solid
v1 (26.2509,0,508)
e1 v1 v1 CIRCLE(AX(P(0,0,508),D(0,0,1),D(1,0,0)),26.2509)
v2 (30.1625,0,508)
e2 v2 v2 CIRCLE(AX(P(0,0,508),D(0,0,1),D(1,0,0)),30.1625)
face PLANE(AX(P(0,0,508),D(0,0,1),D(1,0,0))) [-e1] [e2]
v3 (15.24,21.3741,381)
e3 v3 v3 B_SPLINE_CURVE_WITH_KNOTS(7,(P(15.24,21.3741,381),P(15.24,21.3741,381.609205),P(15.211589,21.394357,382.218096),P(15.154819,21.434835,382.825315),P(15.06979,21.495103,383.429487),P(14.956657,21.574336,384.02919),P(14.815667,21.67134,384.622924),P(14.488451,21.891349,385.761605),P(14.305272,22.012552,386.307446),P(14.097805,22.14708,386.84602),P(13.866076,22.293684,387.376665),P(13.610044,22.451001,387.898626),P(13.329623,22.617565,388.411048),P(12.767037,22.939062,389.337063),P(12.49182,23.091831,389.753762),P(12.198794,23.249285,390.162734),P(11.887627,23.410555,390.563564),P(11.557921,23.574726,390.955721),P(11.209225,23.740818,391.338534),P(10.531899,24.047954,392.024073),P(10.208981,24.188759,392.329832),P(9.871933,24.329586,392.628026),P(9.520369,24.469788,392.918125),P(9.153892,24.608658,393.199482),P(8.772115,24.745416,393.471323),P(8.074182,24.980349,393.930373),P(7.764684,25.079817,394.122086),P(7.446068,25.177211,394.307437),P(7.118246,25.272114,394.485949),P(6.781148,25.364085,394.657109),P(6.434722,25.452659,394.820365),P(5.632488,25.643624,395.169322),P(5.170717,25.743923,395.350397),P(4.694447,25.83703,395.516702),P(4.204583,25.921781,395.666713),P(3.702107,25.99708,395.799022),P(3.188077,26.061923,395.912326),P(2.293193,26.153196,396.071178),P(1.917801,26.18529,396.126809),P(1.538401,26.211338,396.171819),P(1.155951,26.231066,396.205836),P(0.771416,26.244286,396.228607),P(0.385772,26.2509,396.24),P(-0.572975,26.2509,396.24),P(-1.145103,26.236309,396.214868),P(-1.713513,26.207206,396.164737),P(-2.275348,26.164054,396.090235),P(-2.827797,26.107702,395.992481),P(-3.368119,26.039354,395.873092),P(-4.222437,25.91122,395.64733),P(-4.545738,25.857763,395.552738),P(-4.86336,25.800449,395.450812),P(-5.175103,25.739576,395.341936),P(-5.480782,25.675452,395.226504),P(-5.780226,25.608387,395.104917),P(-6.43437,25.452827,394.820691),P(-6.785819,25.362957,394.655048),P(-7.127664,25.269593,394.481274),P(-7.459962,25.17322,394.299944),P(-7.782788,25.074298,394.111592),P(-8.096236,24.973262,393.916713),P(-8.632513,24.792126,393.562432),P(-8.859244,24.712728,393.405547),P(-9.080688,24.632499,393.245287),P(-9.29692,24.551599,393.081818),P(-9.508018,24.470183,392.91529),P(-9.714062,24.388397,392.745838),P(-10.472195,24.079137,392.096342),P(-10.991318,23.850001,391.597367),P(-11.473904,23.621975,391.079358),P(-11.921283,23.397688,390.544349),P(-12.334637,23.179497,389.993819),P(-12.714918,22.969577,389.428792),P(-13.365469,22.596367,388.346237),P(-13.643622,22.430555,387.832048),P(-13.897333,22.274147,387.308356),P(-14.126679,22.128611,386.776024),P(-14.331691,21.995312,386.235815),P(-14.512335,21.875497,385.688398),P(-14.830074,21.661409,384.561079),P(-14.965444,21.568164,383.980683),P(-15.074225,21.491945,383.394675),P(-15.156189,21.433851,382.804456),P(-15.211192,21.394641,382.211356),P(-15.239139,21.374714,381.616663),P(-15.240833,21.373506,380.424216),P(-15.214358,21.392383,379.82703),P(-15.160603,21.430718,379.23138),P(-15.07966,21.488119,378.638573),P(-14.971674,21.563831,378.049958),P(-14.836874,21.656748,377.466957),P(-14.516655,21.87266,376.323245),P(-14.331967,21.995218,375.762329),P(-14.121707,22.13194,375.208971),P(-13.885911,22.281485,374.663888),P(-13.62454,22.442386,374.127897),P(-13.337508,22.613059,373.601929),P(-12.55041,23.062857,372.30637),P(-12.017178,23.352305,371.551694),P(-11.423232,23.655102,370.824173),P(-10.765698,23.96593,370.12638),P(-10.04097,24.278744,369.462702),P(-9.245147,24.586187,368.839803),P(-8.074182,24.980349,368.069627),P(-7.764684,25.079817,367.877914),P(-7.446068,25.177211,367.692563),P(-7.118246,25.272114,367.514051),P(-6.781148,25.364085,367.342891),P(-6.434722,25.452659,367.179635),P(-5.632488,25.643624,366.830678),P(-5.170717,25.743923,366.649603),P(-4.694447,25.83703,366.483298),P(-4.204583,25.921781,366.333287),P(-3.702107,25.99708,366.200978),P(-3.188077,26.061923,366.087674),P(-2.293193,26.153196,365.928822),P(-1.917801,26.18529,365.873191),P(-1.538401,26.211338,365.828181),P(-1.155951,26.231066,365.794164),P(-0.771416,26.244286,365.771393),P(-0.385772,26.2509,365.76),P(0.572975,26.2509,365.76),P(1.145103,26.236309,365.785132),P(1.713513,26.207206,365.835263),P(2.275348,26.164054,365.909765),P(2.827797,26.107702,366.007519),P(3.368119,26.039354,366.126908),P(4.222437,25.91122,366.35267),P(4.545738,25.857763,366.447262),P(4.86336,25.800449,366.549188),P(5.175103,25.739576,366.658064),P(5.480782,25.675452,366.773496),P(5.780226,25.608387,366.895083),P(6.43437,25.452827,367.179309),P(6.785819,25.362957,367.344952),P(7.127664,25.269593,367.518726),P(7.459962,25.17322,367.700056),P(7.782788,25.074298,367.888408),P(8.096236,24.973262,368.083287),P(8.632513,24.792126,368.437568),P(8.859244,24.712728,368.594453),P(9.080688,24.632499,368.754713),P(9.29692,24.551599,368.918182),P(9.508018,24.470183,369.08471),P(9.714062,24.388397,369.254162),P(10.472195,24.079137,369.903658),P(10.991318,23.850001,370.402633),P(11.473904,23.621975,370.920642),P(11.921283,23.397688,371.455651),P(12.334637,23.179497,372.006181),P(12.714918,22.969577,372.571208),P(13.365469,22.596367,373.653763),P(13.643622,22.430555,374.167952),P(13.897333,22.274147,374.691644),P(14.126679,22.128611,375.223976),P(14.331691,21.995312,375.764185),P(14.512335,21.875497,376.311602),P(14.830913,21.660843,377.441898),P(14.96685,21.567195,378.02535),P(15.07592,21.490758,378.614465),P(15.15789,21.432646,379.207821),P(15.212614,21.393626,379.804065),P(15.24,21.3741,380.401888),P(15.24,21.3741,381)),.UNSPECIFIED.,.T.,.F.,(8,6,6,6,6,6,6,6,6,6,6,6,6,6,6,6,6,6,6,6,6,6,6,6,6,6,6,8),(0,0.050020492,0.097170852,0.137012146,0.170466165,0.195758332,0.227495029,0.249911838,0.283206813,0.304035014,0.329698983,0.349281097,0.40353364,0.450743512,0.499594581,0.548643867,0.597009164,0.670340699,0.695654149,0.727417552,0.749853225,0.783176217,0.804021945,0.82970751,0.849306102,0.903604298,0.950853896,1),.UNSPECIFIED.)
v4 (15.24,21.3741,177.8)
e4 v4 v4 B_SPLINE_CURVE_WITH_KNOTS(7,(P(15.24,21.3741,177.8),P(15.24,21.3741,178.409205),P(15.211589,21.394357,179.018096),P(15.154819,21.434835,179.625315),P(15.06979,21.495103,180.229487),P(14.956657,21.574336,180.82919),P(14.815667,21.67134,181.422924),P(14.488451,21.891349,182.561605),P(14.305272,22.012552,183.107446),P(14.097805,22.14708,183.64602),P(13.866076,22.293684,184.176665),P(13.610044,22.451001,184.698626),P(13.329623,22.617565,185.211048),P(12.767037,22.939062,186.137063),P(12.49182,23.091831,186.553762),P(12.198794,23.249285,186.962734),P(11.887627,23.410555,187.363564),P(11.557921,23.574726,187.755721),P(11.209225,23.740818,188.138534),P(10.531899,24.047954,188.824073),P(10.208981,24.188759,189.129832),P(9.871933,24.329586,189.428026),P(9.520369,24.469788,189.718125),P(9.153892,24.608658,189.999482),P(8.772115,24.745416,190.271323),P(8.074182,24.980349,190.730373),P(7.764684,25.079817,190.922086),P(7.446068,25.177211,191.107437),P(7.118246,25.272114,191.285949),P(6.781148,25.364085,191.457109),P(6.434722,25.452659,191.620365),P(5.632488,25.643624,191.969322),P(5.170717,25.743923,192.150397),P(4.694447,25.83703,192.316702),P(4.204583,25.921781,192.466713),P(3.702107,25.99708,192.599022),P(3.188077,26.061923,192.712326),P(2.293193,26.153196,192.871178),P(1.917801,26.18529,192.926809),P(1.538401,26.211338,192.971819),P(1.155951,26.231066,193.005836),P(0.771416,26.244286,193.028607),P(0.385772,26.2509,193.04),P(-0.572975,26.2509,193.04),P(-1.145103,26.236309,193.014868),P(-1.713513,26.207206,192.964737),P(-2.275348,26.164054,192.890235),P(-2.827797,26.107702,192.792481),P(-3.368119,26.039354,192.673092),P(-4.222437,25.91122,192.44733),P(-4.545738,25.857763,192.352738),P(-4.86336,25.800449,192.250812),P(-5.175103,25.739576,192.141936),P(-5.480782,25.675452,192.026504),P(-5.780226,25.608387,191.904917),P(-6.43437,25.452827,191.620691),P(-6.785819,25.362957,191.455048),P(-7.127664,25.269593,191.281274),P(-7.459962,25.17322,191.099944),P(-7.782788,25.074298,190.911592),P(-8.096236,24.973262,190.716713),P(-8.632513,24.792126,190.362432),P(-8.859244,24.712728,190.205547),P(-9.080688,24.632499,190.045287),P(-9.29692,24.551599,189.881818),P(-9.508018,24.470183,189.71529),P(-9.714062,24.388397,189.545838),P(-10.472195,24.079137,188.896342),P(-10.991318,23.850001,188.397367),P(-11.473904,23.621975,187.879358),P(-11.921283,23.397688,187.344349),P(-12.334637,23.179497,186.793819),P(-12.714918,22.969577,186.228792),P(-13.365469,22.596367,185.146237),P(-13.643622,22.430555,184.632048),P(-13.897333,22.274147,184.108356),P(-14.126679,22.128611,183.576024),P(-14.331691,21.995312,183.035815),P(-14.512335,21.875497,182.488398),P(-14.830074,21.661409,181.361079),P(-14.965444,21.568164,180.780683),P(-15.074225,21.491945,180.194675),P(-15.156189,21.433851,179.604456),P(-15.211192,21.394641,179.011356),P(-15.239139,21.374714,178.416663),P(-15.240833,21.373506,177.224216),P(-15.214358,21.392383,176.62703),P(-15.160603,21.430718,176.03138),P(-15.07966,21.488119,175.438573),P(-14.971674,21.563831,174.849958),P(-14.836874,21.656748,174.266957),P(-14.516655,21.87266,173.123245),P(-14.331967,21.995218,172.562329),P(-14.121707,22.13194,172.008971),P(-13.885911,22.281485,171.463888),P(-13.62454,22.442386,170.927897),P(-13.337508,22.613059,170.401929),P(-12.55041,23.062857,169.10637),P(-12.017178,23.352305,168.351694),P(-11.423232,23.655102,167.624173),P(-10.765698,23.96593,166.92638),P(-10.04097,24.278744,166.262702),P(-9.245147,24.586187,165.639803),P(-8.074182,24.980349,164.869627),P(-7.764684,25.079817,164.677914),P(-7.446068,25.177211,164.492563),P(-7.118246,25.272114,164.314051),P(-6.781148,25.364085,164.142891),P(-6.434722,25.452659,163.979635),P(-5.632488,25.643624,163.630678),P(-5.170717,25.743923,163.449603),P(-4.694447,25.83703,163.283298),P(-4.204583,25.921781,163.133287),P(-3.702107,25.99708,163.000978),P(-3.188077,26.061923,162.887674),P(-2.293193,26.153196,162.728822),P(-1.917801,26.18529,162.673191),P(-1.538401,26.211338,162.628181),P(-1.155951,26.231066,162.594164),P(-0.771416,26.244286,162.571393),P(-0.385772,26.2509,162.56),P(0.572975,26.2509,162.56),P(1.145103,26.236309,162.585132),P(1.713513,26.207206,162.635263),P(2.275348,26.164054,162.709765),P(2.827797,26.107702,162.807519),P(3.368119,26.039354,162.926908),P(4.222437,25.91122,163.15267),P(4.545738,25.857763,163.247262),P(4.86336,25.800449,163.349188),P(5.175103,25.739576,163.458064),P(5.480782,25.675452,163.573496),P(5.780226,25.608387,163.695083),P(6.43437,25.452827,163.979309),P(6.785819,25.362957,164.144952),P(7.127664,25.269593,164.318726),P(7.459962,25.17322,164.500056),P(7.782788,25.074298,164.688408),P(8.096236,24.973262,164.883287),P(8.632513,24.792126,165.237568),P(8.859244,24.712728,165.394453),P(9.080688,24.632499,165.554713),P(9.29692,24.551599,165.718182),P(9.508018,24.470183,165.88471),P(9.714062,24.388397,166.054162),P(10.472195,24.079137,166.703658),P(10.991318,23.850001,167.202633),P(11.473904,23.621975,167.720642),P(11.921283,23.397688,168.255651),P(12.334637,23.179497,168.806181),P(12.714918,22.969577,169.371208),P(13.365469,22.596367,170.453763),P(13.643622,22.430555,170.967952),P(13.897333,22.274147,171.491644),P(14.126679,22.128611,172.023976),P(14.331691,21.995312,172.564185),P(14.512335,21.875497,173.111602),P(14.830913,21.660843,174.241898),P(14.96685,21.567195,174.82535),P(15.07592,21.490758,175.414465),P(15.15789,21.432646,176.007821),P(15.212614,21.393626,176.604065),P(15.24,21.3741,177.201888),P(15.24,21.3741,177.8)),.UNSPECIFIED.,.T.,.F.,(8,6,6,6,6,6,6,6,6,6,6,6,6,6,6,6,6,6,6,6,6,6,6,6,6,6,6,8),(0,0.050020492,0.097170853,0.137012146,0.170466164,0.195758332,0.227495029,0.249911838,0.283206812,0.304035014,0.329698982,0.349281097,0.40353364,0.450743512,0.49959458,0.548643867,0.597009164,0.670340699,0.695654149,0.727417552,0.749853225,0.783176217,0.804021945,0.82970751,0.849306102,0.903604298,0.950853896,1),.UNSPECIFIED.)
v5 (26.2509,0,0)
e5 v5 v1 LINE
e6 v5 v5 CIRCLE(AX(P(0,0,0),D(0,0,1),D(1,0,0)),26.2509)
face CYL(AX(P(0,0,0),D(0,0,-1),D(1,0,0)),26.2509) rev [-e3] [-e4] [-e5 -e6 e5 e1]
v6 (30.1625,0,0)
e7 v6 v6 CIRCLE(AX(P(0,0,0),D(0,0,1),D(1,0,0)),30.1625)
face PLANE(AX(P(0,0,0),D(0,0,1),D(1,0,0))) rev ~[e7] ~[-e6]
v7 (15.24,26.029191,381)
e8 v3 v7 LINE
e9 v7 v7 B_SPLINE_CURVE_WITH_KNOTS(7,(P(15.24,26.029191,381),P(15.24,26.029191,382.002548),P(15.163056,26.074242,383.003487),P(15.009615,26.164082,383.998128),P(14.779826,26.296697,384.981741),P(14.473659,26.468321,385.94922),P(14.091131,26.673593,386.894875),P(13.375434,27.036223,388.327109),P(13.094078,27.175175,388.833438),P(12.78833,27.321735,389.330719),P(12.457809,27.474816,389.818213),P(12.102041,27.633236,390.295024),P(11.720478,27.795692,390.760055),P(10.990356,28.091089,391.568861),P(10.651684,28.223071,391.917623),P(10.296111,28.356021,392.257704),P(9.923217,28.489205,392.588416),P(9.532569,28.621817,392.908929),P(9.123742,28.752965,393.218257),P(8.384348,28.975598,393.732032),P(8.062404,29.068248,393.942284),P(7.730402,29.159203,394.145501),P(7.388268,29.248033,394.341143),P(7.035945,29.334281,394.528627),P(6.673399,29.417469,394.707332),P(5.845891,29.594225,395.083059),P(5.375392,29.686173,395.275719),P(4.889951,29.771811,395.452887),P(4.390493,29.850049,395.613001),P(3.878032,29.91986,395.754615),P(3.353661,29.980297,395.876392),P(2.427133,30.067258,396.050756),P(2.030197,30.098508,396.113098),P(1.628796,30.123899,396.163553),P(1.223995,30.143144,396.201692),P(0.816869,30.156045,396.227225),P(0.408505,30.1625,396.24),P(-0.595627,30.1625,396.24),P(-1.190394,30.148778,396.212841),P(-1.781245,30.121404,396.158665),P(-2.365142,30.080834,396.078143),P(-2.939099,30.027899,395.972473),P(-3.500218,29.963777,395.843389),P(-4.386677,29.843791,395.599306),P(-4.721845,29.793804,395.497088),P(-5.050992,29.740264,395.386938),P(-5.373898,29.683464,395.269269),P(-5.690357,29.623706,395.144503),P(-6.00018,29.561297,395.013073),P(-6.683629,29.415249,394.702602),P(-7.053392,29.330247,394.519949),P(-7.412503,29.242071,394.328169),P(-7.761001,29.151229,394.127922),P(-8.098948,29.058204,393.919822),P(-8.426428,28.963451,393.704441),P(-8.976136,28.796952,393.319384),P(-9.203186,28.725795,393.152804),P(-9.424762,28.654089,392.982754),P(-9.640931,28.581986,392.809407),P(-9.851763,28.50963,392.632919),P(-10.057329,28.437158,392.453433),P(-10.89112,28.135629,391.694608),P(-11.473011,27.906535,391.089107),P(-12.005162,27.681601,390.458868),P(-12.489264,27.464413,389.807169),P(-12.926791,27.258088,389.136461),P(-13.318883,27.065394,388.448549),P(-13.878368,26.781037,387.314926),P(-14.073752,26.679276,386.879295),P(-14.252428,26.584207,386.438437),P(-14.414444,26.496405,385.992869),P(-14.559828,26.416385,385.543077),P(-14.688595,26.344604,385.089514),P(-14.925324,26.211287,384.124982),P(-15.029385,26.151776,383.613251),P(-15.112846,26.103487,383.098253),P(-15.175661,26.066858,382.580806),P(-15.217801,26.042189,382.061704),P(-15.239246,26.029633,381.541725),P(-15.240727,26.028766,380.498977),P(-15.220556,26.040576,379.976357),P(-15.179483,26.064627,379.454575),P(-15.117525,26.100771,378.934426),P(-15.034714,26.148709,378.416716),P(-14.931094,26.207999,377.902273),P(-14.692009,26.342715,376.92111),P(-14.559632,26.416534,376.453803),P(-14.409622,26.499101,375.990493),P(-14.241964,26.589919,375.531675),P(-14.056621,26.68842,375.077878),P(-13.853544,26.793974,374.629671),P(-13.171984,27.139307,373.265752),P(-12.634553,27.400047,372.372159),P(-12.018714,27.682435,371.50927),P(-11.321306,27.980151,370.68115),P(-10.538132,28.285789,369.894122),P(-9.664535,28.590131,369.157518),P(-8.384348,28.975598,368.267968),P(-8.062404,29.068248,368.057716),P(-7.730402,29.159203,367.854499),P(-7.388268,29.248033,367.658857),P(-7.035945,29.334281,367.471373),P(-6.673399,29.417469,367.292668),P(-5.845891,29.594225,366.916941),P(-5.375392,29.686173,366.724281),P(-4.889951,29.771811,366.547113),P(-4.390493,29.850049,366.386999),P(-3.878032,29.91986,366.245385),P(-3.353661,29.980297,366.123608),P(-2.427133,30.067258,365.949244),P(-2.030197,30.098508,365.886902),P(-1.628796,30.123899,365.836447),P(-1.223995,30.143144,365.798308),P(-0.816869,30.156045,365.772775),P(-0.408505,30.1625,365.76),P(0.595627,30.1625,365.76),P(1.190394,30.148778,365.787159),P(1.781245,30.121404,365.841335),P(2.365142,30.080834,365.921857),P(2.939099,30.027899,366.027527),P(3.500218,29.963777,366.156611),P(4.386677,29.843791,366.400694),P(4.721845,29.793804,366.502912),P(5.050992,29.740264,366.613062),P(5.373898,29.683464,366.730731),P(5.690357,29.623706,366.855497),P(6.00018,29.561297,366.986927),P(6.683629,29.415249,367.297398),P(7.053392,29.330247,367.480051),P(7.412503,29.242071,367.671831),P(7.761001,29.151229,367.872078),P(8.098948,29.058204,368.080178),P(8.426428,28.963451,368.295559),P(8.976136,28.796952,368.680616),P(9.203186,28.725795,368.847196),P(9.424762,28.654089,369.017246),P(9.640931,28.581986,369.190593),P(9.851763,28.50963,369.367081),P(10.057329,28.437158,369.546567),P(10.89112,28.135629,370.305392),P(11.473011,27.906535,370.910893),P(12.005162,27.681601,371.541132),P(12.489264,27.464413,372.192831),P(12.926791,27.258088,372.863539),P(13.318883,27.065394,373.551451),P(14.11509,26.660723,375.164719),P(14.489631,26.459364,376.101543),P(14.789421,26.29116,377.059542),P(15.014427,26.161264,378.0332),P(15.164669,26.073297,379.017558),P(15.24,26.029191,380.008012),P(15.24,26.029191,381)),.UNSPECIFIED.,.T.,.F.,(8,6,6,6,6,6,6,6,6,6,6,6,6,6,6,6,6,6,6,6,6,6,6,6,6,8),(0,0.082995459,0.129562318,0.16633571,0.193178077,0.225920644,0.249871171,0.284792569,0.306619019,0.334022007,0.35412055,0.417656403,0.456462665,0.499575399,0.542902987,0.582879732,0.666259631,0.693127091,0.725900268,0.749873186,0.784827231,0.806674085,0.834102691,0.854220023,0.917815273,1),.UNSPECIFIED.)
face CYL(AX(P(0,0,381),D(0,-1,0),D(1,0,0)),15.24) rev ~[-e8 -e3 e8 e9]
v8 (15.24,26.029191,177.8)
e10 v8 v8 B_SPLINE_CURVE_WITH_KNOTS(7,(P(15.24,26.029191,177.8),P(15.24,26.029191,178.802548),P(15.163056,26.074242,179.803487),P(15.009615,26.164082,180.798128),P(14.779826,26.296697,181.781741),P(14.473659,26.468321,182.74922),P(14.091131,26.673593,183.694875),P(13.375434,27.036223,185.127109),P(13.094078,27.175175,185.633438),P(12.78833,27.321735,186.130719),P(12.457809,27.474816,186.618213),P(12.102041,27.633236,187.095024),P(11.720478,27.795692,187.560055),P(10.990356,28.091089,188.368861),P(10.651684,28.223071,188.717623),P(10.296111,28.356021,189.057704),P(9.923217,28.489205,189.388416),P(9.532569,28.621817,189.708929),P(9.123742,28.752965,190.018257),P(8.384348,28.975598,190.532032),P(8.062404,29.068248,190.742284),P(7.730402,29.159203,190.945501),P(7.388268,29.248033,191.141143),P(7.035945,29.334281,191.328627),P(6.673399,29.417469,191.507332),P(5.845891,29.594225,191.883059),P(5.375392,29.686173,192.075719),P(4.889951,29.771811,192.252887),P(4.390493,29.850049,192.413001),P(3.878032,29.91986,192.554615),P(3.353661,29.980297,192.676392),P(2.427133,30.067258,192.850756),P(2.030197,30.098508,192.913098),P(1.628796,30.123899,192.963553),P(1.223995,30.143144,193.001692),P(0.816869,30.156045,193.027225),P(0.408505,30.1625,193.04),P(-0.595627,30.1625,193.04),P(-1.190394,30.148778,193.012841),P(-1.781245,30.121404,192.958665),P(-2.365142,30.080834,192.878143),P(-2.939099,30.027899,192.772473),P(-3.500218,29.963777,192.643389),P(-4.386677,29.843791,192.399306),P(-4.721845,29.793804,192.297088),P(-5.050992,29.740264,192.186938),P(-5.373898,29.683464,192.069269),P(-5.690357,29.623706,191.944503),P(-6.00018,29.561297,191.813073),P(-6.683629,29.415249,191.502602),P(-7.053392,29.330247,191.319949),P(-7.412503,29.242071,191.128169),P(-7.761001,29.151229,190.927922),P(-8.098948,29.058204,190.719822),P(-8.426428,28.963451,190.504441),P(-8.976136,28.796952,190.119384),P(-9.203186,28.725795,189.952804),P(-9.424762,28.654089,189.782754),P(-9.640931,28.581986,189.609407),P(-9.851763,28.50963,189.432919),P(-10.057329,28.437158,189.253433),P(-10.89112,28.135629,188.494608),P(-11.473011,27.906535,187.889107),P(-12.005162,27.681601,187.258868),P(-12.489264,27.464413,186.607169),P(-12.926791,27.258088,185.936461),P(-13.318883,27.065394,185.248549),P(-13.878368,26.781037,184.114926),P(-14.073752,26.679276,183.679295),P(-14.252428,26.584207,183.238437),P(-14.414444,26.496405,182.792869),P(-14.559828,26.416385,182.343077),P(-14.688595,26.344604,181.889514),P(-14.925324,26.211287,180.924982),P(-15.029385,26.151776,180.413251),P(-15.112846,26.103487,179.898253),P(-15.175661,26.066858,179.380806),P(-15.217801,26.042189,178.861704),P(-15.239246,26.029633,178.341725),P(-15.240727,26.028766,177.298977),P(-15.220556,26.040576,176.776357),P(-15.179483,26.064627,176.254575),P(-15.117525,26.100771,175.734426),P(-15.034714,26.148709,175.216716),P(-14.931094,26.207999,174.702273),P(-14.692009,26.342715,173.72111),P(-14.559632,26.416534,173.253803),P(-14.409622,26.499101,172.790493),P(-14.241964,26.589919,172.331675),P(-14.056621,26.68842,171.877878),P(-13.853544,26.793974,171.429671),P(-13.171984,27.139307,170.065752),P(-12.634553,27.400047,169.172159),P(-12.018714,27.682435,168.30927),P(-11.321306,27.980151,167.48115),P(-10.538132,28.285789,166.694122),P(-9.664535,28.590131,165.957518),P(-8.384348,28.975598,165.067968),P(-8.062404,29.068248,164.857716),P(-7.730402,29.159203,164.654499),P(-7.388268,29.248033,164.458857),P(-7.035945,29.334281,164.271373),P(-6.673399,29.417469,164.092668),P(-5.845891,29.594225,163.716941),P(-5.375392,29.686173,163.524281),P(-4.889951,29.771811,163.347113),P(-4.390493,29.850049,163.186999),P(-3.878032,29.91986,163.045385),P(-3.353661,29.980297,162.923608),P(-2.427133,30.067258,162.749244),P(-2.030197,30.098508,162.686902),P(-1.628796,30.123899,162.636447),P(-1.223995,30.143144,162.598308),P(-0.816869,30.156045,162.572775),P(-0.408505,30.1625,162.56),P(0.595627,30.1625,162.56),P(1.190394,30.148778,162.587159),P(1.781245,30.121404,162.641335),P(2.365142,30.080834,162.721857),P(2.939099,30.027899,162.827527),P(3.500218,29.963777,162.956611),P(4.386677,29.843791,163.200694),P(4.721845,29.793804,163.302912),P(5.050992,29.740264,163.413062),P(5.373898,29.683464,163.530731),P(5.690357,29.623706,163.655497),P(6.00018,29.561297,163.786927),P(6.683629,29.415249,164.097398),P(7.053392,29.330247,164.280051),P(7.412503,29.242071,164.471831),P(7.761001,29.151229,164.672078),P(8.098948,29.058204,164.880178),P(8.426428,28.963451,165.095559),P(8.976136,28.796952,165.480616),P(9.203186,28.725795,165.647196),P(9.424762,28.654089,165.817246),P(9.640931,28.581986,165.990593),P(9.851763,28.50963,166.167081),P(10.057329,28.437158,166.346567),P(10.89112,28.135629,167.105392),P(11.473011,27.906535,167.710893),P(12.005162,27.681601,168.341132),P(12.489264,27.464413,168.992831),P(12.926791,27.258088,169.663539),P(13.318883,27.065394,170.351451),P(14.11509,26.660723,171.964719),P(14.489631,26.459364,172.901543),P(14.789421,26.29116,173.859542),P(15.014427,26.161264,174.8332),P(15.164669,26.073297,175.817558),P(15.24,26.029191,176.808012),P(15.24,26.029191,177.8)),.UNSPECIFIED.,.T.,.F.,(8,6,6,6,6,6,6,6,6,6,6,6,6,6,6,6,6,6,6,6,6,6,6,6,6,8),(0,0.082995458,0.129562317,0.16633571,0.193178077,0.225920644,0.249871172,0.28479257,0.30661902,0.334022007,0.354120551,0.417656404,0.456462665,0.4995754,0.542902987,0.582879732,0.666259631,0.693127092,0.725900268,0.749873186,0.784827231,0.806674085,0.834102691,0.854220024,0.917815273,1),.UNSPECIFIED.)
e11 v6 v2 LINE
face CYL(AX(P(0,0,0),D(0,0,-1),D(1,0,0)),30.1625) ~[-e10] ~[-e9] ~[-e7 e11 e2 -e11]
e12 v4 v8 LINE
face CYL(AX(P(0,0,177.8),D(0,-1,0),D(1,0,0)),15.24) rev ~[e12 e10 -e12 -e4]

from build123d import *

# Parameters (mm, degrees)
F0_R     = 30.1625
F0_R_2   = 26.2509
F1_DEPTH = 508
F2_R     = 15.24
F4_DEPTH = 106.83089
F3_R     = 15.24
F5_DEPTH = 102.80304


with BuildPart() as f1:
    # F0 (on Top) → F1 (new body)
    with BuildSketch(Plane.XY):
        Circle(F0_R)
        Circle(F0_R_2, mode=Mode.SUBTRACT)
    extrude(amount=F1_DEPTH)

    # F2 (on Front) → F4 (cut)
    with BuildSketch(Plane.XZ):
        with Locations((0, 381)):
            Circle(F2_R)
    extrude(amount=-F4_DEPTH, mode=Mode.SUBTRACT)

    # F3 (on Front) → F5 (cut)
    with BuildSketch(Plane.XZ):
        with Locations((0, 177.8)):
            Circle(F3_R)
    extrude(amount=-F5_DEPTH, mode=Mode.SUBTRACT)


solid = f1.part
